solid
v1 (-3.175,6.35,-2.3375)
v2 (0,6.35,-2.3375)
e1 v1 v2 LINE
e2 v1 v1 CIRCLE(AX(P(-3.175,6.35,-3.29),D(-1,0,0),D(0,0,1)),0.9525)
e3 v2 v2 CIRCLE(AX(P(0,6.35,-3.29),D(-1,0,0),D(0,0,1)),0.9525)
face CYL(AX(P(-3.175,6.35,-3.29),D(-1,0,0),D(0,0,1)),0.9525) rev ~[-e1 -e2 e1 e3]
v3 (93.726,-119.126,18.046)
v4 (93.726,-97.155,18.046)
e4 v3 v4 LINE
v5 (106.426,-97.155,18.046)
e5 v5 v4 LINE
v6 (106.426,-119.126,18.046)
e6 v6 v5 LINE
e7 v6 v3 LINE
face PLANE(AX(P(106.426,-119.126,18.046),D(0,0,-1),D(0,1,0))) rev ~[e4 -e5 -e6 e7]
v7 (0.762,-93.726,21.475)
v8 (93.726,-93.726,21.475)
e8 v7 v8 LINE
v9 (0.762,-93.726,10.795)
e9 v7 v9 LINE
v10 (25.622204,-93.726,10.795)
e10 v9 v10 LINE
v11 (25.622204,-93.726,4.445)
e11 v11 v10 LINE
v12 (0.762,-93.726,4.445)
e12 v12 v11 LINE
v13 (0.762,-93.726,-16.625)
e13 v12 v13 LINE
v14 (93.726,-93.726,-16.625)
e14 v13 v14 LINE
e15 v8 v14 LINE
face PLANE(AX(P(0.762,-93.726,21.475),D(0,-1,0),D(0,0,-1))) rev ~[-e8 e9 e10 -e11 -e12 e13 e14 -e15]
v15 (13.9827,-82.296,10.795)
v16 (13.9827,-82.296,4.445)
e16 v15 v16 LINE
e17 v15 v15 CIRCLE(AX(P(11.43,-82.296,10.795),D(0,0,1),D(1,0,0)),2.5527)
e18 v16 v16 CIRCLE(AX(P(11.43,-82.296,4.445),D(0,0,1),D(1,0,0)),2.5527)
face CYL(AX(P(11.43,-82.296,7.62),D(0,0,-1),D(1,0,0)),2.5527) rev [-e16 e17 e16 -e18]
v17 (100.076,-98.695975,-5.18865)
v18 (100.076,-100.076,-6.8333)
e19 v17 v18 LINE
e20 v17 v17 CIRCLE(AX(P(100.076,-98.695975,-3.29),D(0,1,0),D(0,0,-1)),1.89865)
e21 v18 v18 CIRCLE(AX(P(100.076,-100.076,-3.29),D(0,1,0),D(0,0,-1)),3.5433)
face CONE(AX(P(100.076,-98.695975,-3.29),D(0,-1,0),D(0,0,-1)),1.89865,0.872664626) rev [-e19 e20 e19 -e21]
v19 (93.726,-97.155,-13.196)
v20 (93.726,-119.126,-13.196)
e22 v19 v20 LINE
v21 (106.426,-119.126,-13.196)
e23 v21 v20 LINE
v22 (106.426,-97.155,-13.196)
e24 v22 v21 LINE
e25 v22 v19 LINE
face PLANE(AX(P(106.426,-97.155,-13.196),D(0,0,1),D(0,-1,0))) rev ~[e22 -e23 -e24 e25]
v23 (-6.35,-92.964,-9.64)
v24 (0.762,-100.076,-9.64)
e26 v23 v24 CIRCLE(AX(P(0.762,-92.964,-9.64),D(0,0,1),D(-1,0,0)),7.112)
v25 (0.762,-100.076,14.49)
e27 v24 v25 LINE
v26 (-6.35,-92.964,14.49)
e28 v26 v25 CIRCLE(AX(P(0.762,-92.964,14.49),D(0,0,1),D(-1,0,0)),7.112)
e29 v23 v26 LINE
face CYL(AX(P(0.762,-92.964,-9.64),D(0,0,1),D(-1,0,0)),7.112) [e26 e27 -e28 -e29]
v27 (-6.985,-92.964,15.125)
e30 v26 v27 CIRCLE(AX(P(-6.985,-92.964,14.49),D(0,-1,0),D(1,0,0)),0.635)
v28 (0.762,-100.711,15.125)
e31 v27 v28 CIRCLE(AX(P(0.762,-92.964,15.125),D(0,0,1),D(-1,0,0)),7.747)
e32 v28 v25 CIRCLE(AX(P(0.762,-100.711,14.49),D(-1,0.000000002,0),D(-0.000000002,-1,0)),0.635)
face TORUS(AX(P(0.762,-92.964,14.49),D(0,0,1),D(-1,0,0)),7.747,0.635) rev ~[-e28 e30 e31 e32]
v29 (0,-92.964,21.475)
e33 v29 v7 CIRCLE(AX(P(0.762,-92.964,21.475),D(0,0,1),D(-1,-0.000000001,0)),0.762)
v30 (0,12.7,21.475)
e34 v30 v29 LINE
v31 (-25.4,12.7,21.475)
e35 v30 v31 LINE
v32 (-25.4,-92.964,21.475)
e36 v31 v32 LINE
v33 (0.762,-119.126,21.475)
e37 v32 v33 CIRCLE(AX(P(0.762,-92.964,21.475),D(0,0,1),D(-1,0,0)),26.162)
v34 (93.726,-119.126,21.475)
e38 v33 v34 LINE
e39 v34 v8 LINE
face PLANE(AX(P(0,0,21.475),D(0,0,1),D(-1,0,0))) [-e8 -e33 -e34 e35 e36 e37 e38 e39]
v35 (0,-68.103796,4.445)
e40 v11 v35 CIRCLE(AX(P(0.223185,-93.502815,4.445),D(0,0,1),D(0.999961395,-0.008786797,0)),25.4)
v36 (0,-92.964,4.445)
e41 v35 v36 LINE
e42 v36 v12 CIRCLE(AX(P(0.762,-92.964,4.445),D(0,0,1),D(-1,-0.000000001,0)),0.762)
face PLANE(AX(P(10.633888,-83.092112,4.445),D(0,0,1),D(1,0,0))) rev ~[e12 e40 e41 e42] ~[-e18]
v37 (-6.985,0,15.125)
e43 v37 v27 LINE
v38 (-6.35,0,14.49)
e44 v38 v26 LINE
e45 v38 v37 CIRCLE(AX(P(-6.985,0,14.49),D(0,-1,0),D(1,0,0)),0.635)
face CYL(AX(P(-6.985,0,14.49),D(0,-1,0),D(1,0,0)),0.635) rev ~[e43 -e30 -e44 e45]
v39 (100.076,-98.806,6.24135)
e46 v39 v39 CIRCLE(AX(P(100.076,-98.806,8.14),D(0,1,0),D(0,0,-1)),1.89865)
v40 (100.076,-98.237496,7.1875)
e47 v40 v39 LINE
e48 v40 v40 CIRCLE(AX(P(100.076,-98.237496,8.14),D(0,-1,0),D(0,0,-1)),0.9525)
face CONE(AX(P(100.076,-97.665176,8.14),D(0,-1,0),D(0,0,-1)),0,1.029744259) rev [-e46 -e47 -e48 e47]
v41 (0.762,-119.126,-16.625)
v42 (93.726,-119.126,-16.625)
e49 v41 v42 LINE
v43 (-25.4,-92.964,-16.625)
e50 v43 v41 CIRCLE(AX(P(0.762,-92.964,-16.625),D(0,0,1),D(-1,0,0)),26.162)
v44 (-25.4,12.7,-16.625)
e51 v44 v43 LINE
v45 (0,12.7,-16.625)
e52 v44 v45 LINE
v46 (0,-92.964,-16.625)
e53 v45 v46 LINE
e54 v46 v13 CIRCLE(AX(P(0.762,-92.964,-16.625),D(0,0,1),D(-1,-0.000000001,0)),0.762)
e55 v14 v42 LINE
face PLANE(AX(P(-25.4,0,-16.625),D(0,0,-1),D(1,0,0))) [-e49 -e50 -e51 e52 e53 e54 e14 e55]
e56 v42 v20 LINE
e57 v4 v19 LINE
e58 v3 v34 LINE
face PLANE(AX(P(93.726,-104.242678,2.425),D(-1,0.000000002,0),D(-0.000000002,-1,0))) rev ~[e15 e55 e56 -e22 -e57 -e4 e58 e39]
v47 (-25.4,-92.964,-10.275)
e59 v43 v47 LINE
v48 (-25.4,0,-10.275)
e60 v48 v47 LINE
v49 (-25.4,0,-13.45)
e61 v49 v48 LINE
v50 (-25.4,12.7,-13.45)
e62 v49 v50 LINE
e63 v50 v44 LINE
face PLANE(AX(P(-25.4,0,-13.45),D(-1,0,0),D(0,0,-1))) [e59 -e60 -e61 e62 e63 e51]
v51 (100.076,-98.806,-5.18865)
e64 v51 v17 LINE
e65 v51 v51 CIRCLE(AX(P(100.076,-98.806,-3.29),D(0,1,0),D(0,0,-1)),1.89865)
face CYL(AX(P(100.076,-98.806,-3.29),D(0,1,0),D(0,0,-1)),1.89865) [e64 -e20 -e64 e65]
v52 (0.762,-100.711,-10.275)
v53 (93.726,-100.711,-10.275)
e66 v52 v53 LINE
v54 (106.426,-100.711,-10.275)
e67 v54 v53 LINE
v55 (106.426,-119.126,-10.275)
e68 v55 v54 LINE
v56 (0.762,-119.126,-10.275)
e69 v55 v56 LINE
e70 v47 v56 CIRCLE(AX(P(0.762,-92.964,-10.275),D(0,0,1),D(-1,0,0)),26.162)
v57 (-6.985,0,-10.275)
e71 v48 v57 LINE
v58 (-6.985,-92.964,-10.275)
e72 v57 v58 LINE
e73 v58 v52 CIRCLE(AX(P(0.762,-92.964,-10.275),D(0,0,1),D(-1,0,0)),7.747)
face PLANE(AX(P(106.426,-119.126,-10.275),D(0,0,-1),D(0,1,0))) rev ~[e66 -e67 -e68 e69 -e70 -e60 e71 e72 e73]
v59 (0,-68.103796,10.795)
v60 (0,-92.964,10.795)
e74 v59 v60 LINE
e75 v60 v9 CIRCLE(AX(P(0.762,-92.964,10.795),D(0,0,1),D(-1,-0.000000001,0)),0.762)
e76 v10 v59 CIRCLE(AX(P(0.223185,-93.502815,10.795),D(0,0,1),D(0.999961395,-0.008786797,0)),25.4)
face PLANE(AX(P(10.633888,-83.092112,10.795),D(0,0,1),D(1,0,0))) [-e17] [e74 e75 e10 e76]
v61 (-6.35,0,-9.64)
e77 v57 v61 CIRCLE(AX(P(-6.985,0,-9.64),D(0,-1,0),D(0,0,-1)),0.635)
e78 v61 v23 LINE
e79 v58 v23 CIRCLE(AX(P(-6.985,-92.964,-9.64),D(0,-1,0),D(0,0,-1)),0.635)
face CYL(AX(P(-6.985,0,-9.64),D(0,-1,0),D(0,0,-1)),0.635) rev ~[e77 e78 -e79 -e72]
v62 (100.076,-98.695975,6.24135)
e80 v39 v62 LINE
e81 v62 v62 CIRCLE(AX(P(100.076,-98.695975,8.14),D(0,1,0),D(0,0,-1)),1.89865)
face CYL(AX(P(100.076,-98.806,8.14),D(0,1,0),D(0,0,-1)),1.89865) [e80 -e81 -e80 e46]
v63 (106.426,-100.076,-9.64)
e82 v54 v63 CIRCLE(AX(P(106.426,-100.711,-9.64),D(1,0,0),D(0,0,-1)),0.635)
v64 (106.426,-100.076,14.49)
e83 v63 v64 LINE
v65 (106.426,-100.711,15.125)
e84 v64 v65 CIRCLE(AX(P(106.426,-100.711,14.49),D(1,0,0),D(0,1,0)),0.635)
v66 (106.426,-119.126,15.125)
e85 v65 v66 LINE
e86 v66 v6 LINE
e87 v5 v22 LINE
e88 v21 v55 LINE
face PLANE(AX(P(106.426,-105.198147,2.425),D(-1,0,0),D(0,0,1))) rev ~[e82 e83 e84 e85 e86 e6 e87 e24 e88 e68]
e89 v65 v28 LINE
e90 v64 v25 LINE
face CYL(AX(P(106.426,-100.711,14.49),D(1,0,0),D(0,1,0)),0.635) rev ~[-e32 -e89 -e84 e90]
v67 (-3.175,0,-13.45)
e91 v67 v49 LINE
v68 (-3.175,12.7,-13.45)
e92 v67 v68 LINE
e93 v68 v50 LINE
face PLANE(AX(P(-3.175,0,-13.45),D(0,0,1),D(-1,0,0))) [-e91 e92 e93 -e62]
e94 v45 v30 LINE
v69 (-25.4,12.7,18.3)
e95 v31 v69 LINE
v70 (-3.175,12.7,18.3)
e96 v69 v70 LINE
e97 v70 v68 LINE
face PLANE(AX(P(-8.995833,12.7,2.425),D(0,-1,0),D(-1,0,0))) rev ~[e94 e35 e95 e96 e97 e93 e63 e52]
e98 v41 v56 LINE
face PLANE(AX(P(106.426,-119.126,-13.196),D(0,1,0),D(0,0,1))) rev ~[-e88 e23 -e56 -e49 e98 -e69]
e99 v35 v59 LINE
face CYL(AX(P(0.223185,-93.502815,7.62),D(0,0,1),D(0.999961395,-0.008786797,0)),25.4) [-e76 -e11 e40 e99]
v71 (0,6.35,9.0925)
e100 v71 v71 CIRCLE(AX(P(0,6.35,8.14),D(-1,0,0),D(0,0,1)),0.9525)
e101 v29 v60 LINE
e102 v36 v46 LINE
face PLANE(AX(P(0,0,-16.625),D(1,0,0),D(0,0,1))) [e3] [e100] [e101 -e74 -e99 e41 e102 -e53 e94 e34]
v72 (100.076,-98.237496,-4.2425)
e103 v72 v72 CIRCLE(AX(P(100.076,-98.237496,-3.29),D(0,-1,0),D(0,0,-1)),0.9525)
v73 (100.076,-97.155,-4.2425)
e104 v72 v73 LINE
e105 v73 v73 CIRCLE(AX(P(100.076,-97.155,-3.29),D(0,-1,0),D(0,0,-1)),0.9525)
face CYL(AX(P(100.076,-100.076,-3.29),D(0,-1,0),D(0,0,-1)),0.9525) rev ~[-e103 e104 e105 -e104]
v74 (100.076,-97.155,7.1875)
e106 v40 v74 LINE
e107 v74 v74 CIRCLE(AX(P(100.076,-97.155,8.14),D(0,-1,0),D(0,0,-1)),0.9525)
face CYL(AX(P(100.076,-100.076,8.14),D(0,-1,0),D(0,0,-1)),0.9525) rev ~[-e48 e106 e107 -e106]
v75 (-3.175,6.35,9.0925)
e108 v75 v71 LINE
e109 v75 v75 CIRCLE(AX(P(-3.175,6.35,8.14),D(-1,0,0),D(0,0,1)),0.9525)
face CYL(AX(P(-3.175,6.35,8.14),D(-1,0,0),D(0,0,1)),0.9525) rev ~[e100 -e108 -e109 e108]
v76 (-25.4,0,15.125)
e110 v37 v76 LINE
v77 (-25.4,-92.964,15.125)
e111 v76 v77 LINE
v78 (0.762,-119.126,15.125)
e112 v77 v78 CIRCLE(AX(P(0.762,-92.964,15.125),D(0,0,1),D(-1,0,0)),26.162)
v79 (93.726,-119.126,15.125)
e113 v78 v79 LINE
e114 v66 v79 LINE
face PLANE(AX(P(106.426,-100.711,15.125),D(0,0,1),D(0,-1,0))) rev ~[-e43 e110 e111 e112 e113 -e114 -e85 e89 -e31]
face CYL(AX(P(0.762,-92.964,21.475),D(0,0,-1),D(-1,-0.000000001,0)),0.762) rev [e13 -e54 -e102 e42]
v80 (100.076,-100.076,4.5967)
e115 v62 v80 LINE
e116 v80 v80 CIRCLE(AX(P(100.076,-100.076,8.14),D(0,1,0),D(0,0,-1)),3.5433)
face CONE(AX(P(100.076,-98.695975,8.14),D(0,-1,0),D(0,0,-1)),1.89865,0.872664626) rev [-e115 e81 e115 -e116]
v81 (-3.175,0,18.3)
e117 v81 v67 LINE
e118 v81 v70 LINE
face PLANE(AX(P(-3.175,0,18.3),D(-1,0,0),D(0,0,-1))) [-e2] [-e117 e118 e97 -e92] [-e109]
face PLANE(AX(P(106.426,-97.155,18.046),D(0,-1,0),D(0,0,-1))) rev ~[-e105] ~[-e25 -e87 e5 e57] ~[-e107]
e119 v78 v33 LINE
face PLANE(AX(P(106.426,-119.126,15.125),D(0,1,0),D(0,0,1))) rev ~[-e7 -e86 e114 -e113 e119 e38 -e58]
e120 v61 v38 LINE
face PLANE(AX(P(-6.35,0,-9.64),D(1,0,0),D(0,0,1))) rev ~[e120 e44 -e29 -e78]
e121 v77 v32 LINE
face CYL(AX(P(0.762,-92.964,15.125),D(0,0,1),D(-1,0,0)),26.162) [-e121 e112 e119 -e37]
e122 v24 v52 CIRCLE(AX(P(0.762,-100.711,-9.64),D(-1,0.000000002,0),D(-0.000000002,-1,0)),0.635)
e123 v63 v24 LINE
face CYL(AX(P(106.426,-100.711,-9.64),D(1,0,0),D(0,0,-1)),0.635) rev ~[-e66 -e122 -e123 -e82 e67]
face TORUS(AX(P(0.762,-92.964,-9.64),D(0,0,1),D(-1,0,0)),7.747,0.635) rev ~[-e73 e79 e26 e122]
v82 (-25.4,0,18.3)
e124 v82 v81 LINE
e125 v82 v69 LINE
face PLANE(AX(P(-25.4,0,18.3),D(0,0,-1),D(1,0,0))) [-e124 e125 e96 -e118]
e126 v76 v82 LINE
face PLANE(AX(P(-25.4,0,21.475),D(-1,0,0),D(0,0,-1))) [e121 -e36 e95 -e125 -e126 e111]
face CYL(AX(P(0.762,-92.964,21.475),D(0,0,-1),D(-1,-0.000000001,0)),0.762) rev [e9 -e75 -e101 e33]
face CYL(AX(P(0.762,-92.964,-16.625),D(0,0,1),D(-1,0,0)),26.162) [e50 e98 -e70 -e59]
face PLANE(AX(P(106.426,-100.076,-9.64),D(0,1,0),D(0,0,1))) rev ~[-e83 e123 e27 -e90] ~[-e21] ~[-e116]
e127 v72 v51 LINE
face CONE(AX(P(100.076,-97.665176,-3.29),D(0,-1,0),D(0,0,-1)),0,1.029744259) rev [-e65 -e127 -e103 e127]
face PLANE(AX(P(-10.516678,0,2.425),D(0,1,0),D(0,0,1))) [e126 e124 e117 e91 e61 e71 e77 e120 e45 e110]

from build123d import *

# Parameters (mm, degrees)
BOSS_EXTRUDE2_START  = 12.7
BOSS_EXTRUDE2_DEPTH  = 12.7
BOSS_EXTRUDE3_DEPTH  = 12.7
SKETCH8_R            = 0.9525
CUT_EXTRUDE1_DEPTH   = 157.544227843
SKETCH9_R            = 0.9525
CUT_EXTRUDE2_DEPTH   = 164.292861742
SKETCH12_R           = 2.5527
BOSS_EXTRUDE10_DEPTH = 3.175


with BuildPart() as part:
    # Sweep1: sweep along a path in Sketch4
    with BuildLine(Plane.XY) as sweep1_path:
        Line((0, 0), (0, -92.964))
        ThreePointArc((0, -92.964), (0.223184633, -93.502815367), (0.762, -93.726))
        Line((0.762, -93.726), (93.726, -93.726))
    # Sketch3 → Sweep1 (sweep)
    with BuildSketch(Plane(origin=(0, 0, 0), x_dir=(1, 0, 0), z_dir=(0, 1, 0))):
        with BuildLine():
            Line((0, 16.62500014), (-25.4, 16.62500014))
            Line((-25.4, 16.62500014), (-25.4, 10.27500014))
            Line((-25.4, 10.27500014), (-6.985, 10.27500014))
            ThreePointArc((-6.985, 10.27500014), (-6.535987194, 10.089012946), (-6.35, 9.64000014))
            Line((-6.35, 9.64000014), (-6.35, -14.48999986))
            ThreePointArc((-6.35, -14.48999986), (-6.535987194, -14.939012666), (-6.985, -15.12499986))
            Line((-6.985, -15.12499986), (-25.4, -15.12499986))
            Line((-25.4, -15.12499986), (-25.4, -21.47499986))
            Line((-25.4, -21.47499986), (0, -21.47499986))
            Line((0, -21.47499986), (0, 16.62500014))
        make_face()
    sweep(path=sweep1_path.line)

    # Sketch6 → Boss-Extrude2 (add)
    with BuildSketch(Plane(origin=(93.726, 0, 0), x_dir=(0, 0, -1), z_dir=(1, 0, 0)).offset(BOSS_EXTRUDE2_START)):
        with BuildLine():
            Line((-18.04599986, -97.155), (13.19600014, -97.155))
            Line((13.19600014, -97.155), (13.19600014, -119.126))
            Line((13.19600014, -119.126), (10.27500014, -119.126))
            Line((10.27500014, -119.126), (10.27500014, -100.711))
            ThreePointArc((10.27500014, -100.711), (10.089012946, -100.261987194), (9.64000014, -100.076))
            Line((9.64000014, -100.076), (-14.48999986, -100.076))
            ThreePointArc((-14.48999986, -100.076), (-14.939012666, -100.261987194), (-15.12499986, -100.711))
            Line((-15.12499986, -100.711), (-15.12499986, -119.126))
            Line((-15.12499986, -119.126), (-18.04599986, -119.126))
            Line((-18.04599986, -119.126), (-18.04599986, -97.155))
        make_face()
    extrude(amount=-BOSS_EXTRUDE2_DEPTH)

    # Sketch7 → Boss-Extrude3 (add)
    with BuildSketch(Plane(origin=(0, 0, 0), x_dir=(1, 0, 0), z_dir=(0, 1, 0))):
        Polygon((-25.4, 13.45000014), (-25.4, 16.62500014), (0, 16.62500014), (0, -21.47499986), (-25.4, -21.47499986), (-25.4, -18.29999986), (-3.175, -18.29999986), (-3.175, 13.45000014), align=None)
    extrude(amount=BOSS_EXTRUDE3_DEPTH)

    # Sketch8 → Cut-Extrude1 (cut, through all)
    with BuildSketch(Plane.XZ.offset(100.076)):
        with Locations(Location((100.076, 8.13999986, 0), (0, 0, 270))):
            Circle(SKETCH8_R)
        with Locations(Location((100.076, -3.29000014, 0), (0, 0, 270))):
            Circle(SKETCH8_R)
    extrude(amount=-CUT_EXTRUDE1_DEPTH, mode=Mode.SUBTRACT)

    # Sketch9 → Cut-Extrude2 (cut, through all)
    with BuildSketch(Plane.ZY.offset(3.175)):
        with Locations((-3.29000014, 6.35)):
            Circle(SKETCH9_R)
        with Locations((8.13999986, 6.35)):
            Circle(SKETCH9_R)
    extrude(amount=-CUT_EXTRUDE2_DEPTH, mode=Mode.SUBTRACT)

    # Sketch12 → Boss-Extrude10 (add, symmetric)
    with BuildSketch(Plane.XY.offset(7.62)):
        with BuildLine():
            Line((0.762, -93.726), (25.622204075, -93.726))
            ThreePointArc((25.622204075, -93.726), (18.183696875, -75.542303125), (0, -68.103795925))
            Line((0, -68.103795925), (0, -92.964))
            ThreePointArc((0, -92.964), (0.223184633, -93.502815367), (0.762, -93.726))
        make_face()
        with Locations((11.43, -82.296)):
            Circle(SKETCH12_R, mode=Mode.SUBTRACT)
    extrude(amount=BOSS_EXTRUDE10_DEPTH, both=True)

    # Sketch14 → CSK for _6 Flat Head Machine Screw _100 (revolve, cut)
    with BuildSketch(Plane(origin=(100.076, -100.076, -3.29000014), x_dir=(0, 0, -1), z_dir=(1, 0, 0))):
        Polygon((0, 0), (0, 2.410824014), (1.89865, 1.27), (1.89865, 1.380025208), (3.5433, 0), align=None)
    revolve(axis=Axis((100.076, -106.426, -3.29000014), (0, 1, 0)), mode=Mode.SUBTRACT)

    # Sketch16 → CSK for _6 Flat Head Machine Screw _ 2 (revolve, cut)
    with BuildSketch(Plane(origin=(100.076, -100.076, 8.13999986), x_dir=(0, 0, -1), z_dir=(1, 0, 0))):
        Polygon((0, 0), (0, 2.410824014), (1.89865, 1.27), (1.89865, 1.380025208), (3.5433, 0), align=None)
    revolve(axis=Axis((100.076, -106.426, 8.13999986), (0, 1, 0)), mode=Mode.SUBTRACT)


solid = part.part
